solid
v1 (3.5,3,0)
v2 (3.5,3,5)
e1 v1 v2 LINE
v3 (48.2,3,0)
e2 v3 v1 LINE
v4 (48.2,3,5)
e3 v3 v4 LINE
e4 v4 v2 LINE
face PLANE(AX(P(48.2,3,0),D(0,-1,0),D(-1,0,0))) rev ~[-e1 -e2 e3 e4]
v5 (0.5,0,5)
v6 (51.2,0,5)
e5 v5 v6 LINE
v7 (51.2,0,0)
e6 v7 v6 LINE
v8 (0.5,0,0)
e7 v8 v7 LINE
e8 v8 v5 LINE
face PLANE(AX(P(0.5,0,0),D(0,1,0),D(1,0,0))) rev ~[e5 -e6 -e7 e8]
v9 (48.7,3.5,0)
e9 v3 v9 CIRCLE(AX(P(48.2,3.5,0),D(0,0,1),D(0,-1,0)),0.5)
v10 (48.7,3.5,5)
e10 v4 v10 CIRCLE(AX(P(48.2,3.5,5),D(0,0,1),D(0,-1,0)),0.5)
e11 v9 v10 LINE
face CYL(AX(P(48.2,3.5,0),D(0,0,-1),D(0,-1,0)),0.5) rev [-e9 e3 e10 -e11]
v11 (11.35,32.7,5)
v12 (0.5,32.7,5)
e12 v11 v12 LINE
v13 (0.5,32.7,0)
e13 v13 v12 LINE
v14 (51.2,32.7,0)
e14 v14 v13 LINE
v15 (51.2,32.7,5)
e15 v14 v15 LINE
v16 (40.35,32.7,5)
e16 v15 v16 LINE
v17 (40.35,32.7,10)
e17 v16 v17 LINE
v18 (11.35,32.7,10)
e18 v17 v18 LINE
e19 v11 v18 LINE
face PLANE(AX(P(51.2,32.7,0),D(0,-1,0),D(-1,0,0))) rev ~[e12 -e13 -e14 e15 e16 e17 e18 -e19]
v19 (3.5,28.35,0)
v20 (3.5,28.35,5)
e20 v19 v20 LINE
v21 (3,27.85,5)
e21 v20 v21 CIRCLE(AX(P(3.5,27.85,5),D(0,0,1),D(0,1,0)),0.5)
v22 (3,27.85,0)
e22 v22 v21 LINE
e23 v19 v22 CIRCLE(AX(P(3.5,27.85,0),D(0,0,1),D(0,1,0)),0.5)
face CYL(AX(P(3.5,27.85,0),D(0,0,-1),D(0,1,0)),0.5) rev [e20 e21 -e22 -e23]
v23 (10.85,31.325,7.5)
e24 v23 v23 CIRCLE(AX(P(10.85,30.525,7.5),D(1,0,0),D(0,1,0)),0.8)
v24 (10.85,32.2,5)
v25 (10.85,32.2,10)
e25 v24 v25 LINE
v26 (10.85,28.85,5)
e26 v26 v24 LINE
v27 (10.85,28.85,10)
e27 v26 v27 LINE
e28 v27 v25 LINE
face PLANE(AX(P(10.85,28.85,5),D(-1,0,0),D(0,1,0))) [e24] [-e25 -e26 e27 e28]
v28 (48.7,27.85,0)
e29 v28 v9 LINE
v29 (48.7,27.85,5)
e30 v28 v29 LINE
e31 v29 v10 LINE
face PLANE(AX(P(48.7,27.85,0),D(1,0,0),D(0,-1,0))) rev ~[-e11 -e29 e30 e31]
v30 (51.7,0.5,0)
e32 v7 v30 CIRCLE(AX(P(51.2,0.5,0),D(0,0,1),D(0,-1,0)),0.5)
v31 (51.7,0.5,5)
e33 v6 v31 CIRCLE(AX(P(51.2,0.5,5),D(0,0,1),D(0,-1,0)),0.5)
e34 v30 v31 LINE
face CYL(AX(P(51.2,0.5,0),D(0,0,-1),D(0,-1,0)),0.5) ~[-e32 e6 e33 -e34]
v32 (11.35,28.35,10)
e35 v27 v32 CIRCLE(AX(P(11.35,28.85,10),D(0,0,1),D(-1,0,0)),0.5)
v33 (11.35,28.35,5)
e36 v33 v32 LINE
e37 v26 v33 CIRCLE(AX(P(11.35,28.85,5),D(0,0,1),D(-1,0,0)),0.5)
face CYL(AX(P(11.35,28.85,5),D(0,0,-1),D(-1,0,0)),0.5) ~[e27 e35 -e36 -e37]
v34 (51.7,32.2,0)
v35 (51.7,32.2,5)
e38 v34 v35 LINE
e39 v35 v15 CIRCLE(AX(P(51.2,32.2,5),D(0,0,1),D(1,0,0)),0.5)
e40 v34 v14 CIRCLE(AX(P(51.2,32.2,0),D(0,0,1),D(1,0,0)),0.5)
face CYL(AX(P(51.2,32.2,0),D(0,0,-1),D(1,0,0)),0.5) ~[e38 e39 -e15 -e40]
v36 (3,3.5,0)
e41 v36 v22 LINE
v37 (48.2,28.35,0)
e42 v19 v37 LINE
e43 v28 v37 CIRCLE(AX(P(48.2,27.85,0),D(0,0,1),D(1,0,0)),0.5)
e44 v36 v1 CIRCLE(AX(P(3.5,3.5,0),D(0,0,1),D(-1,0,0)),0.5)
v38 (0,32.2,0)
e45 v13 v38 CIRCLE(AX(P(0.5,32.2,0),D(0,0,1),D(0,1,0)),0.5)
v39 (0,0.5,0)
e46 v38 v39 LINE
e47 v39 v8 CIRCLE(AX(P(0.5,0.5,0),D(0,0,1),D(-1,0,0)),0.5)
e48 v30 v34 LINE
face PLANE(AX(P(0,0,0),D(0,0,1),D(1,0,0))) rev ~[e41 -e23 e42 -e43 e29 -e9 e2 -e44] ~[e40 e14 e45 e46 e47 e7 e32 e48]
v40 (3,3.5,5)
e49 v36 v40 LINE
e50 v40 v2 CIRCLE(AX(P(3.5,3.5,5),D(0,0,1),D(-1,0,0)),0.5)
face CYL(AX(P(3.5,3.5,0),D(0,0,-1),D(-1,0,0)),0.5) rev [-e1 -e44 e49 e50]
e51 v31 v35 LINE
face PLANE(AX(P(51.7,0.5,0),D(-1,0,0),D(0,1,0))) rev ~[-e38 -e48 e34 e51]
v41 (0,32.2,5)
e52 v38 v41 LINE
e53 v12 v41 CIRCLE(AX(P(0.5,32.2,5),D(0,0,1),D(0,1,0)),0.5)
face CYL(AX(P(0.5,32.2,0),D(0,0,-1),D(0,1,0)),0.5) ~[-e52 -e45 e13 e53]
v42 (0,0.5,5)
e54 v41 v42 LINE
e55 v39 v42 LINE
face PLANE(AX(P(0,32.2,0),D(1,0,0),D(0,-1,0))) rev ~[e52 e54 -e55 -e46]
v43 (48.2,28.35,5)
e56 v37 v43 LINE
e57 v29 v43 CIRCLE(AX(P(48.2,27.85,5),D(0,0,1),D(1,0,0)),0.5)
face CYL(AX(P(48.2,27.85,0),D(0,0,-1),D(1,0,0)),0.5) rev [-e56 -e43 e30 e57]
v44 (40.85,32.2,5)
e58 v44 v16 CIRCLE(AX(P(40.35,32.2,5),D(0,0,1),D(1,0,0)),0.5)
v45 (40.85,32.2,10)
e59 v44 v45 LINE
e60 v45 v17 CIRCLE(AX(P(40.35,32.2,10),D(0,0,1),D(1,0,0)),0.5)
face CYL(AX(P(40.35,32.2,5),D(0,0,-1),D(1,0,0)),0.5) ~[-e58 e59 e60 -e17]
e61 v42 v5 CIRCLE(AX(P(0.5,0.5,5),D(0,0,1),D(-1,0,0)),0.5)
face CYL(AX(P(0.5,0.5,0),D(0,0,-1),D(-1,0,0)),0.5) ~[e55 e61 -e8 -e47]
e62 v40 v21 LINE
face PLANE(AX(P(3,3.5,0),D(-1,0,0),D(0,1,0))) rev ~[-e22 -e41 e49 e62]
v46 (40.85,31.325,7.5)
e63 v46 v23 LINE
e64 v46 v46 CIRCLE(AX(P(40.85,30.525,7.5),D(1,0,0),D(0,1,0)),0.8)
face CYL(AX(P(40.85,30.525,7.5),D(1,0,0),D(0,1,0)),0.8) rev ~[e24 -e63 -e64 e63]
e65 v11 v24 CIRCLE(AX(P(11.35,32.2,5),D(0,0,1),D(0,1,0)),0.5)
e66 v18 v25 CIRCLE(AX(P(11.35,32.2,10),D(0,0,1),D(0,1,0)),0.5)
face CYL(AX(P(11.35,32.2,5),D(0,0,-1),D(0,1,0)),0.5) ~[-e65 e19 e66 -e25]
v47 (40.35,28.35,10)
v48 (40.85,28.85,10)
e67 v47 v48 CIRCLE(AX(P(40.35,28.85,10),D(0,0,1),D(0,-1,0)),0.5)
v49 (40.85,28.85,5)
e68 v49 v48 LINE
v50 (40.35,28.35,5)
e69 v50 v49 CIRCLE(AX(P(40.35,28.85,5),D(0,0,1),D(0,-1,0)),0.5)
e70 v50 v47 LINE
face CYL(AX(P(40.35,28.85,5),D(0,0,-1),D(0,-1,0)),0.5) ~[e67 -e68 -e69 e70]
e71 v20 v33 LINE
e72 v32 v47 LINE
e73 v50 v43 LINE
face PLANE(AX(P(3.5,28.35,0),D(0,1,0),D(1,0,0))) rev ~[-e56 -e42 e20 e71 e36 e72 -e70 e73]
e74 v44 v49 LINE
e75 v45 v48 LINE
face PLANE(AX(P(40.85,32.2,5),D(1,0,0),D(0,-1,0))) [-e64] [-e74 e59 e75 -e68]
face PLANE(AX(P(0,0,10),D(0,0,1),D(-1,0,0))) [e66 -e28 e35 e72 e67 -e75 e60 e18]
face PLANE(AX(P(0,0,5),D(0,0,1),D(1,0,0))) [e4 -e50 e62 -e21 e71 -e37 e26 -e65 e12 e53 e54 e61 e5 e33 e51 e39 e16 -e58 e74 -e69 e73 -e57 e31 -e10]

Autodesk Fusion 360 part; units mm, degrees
sketch "Sketch1" plane through (0, 0, 0) normal (0, 0, 1) x (1, 0, 0)
  line L0 (0.5, 0) -> (51.2, 0)
  line L1 (51.7, 0.5) -> (51.7, 32.2)
  line L2 (51.2, 32.7) -> (0.5, 32.7)
  line L3 (0, 32.2) -> (0, 0.5)
  line L4 (51.7, 32.7) -> (0, 0) construction
  line L5 (0, 32.7) -> (51.7, 0) construction
  line L6 (51.7, 16.35) -> (0, 16.35) construction
  line L7 (25.85, 32.7) -> (25.85, 0) construction
  line L8 (51.7, 16.35) -> (48.35, 16.35) construction
  line L9 (0, 16.35) -> (3.35, 16.35) construction
  line L10 (25.85, 0) -> (25.85, 3) construction
  line L11 (25.85, 3) -> (48.2, 3) construction
  line L12 (25.85, 3) -> (0, 3) construction
  line L13 (25.85, 32.7) -> (25.85, 28.35) construction
  line L14 (25.85, 28.35) -> (51.7, 28.35) construction
  line L15 (25.85, 28.35) -> (0, 28.35) construction
  line L16 (3.5, 28.35) -> (48.2, 28.35)
  line L17 (48.7, 27.85) -> (48.7, 3.5)
  line L18 (48.7, 3) -> (3.5, 3)
  line L19 (3, 3.5) -> (3, 27.85)
  arc A0 (0.5, 32.7) -> (0, 32.2) centre (0.5, 32.2) ccw
  arc A1 (3.5, 28.35) -> (3, 27.85) centre (3.5, 27.85) ccw
  arc A2 (3, 3.5) -> (3.5, 3) centre (3.5, 3.5) ccw
  arc A3 (0, 0.5) -> (0.5, 0) centre (0.5, 0.5) ccw
  arc A4 (51.2, 0) -> (51.7, 0.5) centre (51.2, 0.5) ccw
  arc A5 (51.7, 32.2) -> (51.2, 32.7) centre (51.2, 32.2) ccw
  arc A6 (48.7, 27.85) -> (48.2, 28.35) centre (48.2, 27.85) ccw
  arc A7 (48.2, 3) -> (48.7, 3.5) centre (48.2, 3.5) ccw
  point P0 (25.85, 16.35)
  point P1 (48.35, 32.7)
  point P2 (48.35, 0)
  dimension "d1" = 51.7
  dimension "d2" = 32.7
  dimension "d5" = 3
  dimension "d6" = 4.35
  dimension "d7" = 0.5
  dimension "d8" = 0.5
  dimension "d9" = 0.5
  dimension "d10" = 0.5
  dimension "d11" = 0.5
  dimension "d12" = 0.5
  dimension "d13" = 0.5
  dimension "d14" = 0.5
  dimension "d32" = 3
  dimension "d33" = 3
extrude "Extrude1" add sketch "Sketch1" along normal blind 5
sketch "Sketch2" plane through (0, 0, 5) normal (0, 0, 1) x (-1, 0, 0)
  arc A0 (-3, -3.5) -> (-3.5, -3) centre (-3.5, -3.5) ccw
  line L0 (-3, -3.5) -> (-3, -27.85)
  arc A1 (-3.5, -28.35) -> (-3, -27.85) centre (-3.5, -27.85) ccw
  line L1 (-3.5, -28.35) -> (-48.2, -28.35)
  arc A2 (-48.7, -27.85) -> (-48.2, -28.35) centre (-48.2, -27.85) ccw
  line L2 (-48.7, -27.85) -> (-48.7, -3.5)
  arc A3 (-48.2, -3) -> (-48.7, -3.5) centre (-48.2, -3.5) ccw
  line L3 (-48.2, -3) -> (-3.5, -3)
  arc A4 (-51.7, -32.2) -> (-51.2, -32.7) centre (-51.2, -32.2) ccw
  line L4 (-51.2, -32.7) -> (-0.5, -32.7)
  arc A5 (-0.5, -32.7) -> (0, -32.2) centre (-0.5, -32.2) ccw
  line L5 (0, -32.2) -> (0, -0.5)
  arc A6 (0, -0.5) -> (-0.5, 0) centre (-0.5, -0.5) ccw
  line L6 (-0.5, 0) -> (-51.2, 0)
  arc A7 (-51.2, 0) -> (-51.7, -0.5) centre (-51.2, -0.5) ccw
  line L7 (-51.7, -0.5) -> (-51.7, -32.2)
  line L8 (-51.7, -28.35) -> (0, -28.35) construction
  line L9 (-11.35, -32.7) -> (-40.35, -32.7)
  line L10 (-40.85, -32.2) -> (-40.85, -28.85)
  line L11 (-40.35, -28.35) -> (-11.35, -28.35)
  line L12 (-10.85, -28.85) -> (-10.85, -32.2)
  arc A8 (-11.35, -32.7) -> (-10.85, -32.2) centre (-11.35, -32.2) ccw
  arc A9 (-10.85, -28.85) -> (-11.35, -28.35) centre (-11.35, -28.85) ccw
  arc A10 (-40.85, -32.2) -> (-40.35, -32.7) centre (-40.35, -32.2) ccw
  arc A11 (-40.35, -28.35) -> (-40.85, -28.85) centre (-40.35, -28.85) ccw
  point P0 (-10.85, -32.7)
  point P1 (-40.85, -32.7)
  point P2 (-10.85, -32.7)
  point P3 (-40.85, -32.7)
  point P4 (-10.85, -28.35)
  dimension "d19" = 4.35
  dimension "d20" = 30
  dimension "d21" = 4.35
  dimension "d22" = 0.5
  dimension "d23" = 0.5
  dimension "d24" = 0.5
  dimension "d25" = 0.5
extrude "Extrude2" add sketch "Sketch2" along normal blind 5 contours L1 L4 L9 L10 L11 L12 A8 A9 A10 A11
sketch "Sketch3" plane through (40.85, 0, 0) normal (1, 0, 0) x (0, 1, 0)
  line L0 (28.85, 5) -> (32.2, 5)
  line L1 (32.2, 5) -> (32.2, 10)
  line L2 (32.2, 10) -> (28.85, 10)
  line L3 (28.85, 10) -> (28.85, 5)
  line L4 (28.85, 10) -> (32.2, 5) construction
  line L5 (32.2, 10) -> (28.85, 5) construction
  line L6 (32.2, 7.5) -> (28.85, 7.5) construction
  circle A0 centre (30.525, 7.5) radius 0.8
  point P0 (30.525, 7.5)
  dimension "d28" = 1.6
extrude "Extrude3" cut sketch "Sketch3" against normal blind 40 contours A0
